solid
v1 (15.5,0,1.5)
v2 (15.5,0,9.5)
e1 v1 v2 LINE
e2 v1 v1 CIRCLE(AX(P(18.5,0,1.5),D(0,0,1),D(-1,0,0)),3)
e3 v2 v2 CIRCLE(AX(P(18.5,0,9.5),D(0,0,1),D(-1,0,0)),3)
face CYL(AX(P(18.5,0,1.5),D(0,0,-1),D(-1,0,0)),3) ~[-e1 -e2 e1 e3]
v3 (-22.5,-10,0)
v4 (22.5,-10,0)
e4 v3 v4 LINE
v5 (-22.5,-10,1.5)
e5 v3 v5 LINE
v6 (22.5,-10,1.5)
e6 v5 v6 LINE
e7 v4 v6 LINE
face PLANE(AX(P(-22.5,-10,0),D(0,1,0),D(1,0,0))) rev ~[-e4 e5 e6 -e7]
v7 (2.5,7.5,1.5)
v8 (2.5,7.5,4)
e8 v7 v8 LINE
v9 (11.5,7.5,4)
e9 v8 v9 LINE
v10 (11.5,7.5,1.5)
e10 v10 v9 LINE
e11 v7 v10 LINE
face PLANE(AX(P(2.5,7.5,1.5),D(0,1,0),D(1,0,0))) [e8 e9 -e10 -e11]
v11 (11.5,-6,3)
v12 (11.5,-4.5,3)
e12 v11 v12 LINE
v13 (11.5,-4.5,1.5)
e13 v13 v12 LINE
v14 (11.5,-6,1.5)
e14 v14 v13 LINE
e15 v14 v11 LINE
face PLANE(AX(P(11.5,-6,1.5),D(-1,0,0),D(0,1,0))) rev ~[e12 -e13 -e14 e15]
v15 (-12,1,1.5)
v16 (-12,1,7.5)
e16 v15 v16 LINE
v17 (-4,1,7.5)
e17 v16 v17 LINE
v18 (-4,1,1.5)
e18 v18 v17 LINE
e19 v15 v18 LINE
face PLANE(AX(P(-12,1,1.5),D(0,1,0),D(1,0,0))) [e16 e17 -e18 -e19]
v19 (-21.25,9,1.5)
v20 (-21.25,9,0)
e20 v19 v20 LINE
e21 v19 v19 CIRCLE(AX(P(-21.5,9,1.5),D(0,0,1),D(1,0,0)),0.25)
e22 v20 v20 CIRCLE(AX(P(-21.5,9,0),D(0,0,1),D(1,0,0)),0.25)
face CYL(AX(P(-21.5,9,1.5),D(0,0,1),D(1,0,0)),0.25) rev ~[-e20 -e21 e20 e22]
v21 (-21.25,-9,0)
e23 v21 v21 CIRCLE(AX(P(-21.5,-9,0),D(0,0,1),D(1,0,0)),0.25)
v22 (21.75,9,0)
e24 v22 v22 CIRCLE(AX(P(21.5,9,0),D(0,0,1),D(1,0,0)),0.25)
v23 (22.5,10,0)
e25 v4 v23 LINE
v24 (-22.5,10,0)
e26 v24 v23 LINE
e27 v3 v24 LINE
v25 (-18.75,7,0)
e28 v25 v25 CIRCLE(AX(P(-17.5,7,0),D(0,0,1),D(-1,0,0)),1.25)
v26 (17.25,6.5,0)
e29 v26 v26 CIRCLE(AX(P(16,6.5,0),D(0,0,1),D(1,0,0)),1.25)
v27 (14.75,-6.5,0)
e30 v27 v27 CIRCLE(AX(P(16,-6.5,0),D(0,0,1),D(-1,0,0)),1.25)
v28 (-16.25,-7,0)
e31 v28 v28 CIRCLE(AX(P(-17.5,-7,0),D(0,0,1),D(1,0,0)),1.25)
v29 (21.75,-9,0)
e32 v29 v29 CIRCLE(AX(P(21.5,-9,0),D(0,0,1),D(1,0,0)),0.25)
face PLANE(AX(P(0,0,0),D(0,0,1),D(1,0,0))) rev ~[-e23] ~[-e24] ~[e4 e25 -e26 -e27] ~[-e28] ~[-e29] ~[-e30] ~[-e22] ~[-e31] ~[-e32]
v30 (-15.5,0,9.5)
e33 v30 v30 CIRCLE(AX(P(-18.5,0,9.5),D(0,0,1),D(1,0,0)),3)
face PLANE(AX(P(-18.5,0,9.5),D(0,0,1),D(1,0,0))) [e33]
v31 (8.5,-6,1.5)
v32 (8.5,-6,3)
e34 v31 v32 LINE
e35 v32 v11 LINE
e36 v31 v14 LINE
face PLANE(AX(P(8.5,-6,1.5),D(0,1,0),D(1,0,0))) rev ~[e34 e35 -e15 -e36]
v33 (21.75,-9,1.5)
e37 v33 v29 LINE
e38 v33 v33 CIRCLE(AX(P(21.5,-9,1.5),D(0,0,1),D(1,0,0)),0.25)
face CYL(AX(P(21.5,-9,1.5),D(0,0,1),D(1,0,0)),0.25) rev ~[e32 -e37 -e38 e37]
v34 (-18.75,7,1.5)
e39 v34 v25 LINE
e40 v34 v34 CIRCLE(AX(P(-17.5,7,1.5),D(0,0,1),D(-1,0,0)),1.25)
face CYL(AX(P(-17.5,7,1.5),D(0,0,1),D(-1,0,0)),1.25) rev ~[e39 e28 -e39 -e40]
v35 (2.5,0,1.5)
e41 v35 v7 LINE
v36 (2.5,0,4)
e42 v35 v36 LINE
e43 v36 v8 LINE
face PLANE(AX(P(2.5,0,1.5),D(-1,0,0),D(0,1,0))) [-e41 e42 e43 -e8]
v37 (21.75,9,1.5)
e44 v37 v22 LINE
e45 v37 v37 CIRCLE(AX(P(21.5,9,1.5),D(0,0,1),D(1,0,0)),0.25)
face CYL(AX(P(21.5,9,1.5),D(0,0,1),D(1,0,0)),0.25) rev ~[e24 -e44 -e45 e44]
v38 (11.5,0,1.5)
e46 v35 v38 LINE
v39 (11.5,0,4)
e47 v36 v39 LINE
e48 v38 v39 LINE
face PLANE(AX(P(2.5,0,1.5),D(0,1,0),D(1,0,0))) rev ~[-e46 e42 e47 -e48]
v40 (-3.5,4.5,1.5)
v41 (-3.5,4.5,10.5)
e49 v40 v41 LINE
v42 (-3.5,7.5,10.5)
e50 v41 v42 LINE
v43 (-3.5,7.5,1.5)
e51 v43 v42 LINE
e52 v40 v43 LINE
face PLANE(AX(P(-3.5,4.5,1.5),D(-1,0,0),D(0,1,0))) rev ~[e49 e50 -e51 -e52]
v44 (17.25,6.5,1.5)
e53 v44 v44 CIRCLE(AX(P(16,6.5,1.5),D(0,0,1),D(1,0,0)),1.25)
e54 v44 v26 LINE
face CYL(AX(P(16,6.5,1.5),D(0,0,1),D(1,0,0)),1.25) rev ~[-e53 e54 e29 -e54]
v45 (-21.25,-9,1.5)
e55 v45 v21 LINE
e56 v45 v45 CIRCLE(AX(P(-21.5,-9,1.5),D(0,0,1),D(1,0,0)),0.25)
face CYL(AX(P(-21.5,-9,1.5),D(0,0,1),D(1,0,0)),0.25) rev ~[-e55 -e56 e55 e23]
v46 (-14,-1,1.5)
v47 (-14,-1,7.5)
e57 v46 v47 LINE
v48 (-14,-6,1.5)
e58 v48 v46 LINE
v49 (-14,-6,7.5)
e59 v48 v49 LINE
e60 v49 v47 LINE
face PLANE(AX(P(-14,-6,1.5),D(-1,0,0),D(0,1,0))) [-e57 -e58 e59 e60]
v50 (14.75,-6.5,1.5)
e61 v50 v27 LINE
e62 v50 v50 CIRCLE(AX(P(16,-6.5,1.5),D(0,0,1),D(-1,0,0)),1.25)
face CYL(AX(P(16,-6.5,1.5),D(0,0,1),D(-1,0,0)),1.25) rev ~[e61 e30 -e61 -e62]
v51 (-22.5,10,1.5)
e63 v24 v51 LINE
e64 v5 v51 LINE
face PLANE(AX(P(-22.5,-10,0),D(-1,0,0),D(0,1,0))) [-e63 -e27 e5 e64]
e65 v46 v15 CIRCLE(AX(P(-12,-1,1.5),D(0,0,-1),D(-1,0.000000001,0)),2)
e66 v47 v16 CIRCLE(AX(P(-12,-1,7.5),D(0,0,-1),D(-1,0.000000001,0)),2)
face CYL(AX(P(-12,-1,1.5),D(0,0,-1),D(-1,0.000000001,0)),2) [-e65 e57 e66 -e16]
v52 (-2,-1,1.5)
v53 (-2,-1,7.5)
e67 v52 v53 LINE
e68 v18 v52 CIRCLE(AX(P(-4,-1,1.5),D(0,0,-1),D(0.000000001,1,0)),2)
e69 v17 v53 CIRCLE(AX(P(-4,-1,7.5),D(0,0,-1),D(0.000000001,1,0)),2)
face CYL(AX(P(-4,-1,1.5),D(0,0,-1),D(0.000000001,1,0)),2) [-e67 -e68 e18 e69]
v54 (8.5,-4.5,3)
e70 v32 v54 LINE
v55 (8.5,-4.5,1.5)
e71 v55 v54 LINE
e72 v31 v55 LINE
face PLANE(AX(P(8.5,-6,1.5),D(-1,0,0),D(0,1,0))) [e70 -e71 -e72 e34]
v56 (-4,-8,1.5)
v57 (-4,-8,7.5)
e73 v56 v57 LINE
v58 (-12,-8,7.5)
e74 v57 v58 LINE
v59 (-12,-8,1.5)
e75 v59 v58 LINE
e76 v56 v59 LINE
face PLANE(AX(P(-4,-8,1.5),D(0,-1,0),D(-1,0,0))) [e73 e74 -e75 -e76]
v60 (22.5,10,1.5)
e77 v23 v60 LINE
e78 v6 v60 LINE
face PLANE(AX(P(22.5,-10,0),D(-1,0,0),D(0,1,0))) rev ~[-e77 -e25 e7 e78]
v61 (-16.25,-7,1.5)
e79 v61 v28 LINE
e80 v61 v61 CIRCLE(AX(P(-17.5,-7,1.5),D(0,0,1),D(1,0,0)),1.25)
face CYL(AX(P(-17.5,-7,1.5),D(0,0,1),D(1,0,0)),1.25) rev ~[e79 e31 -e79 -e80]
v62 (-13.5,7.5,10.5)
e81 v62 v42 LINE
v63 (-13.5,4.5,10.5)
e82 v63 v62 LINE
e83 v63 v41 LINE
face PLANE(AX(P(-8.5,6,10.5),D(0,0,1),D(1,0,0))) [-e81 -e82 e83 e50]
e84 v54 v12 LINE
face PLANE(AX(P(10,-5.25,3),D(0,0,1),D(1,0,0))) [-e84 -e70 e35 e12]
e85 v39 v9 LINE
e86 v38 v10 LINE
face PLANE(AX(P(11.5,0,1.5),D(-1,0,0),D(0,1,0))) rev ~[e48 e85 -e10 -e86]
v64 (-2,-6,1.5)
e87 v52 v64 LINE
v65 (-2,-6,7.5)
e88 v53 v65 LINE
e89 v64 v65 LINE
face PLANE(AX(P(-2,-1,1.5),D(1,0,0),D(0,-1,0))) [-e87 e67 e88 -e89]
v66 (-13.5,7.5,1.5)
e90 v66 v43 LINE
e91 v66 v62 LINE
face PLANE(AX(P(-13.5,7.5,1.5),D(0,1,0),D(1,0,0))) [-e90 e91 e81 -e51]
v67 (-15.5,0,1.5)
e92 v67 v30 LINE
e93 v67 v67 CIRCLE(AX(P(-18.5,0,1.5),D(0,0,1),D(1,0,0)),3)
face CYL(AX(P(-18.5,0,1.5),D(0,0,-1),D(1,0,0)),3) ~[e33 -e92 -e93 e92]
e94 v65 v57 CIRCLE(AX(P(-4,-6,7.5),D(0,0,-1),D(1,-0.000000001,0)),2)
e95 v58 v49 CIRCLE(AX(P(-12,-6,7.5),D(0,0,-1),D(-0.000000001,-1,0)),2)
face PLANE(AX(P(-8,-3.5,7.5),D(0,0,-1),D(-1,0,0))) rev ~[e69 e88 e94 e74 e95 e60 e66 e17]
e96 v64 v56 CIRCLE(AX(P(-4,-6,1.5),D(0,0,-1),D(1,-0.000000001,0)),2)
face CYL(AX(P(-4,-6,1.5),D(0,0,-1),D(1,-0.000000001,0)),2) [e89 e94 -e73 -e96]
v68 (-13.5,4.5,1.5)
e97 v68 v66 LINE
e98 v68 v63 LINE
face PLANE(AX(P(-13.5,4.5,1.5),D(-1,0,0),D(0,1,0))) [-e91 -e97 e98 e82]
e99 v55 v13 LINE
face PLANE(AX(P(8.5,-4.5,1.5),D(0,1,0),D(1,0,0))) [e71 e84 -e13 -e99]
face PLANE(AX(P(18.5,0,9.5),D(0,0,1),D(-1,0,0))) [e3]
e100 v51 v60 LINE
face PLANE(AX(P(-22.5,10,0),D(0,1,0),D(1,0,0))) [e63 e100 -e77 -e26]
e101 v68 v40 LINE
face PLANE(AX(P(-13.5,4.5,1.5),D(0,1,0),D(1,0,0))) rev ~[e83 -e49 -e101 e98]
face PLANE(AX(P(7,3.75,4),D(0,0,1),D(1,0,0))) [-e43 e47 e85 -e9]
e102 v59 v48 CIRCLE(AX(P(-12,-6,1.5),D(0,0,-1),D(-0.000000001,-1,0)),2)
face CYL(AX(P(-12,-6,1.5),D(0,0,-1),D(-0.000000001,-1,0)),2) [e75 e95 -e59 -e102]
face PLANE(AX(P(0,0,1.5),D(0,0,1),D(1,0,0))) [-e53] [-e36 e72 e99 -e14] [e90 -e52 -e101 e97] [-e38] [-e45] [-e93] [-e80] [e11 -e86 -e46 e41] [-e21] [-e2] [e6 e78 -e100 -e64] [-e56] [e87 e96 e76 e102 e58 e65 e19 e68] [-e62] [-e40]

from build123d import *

# Parameters (mm, degrees)
SKETCH1_W           = 45
SKETCH1_H           = 20
BOSS_EXTRUDE1_DEPTH = 1.5
SKETCH2_R           = 3
BOSS_EXTRUDE3_DEPTH = 8
SKETCH3_W           = 10
SKETCH3_H           = 3
BOSS_EXTRUDE4_DEPTH = 9
BOSS_EXTRUDE5_DEPTH = 6
SKETCH6_W           = 9
SKETCH6_H           = 7.5
BOSS_EXTRUDE6_DEPTH = 2.5
SKETCH7_W           = 3
SKETCH7_H           = 1.5
BOSS_EXTRUDE7_DEPTH = 1.5
SKETCH9_R           = 1.25
CUT_EXTRUDE1_DEPTH  = 27.215453458
SKETCH10_R          = 1.25
CUT_EXTRUDE2_DEPTH  = 27.215453458
SKETCH12_R          = 0.25
CUT_EXTRUDE3_DEPTH  = 1.5


with BuildPart() as part:
    # Sketch1 → Boss-Extrude1 (new body)
    with BuildSketch(Plane.XY):
        Rectangle(SKETCH1_W, SKETCH1_H)
    extrude(amount=BOSS_EXTRUDE1_DEPTH)

    # Sketch2 → Boss-Extrude3 (add)
    with BuildSketch(Plane.XY.offset(1.5)):
        with Locations((-18.5, 0)):
            Circle(SKETCH2_R)
        with Locations(Location((18.5, 0, 0), (0, 0, 180))):
            Circle(SKETCH2_R)
    extrude(amount=BOSS_EXTRUDE3_DEPTH)

    # Sketch3 → Boss-Extrude4 (add)
    with BuildSketch(Plane.XY.offset(1.5)):
        with Locations((-8.5, 6)):
            Rectangle(SKETCH3_W, SKETCH3_H)
    extrude(amount=BOSS_EXTRUDE4_DEPTH)

    # Sketch5 → Boss-Extrude5 (add)
    with BuildSketch(Plane.XY.offset(1.5)):
        with BuildLine():
            Line((-12, 1), (-4, 1))
            ThreePointArc((-4, 1), (-2.585786438, 0.414213562), (-2, -1))
            Line((-2, -1), (-2, -6))
            ThreePointArc((-2, -6), (-2.585786438, -7.414213562), (-4, -8))
            Line((-4, -8), (-12, -8))
            ThreePointArc((-12, -8), (-13.414213562, -7.414213562), (-14, -6))
            Line((-14, -6), (-14, -1))
            ThreePointArc((-14, -1), (-13.414213562, 0.414213562), (-12, 1))
        make_face()
    extrude(amount=BOSS_EXTRUDE5_DEPTH)

    # Sketch6 → Boss-Extrude6 (add)
    with BuildSketch(Plane.XY.offset(1.5)):
        with Locations((7, 3.75)):
            Rectangle(SKETCH6_W, SKETCH6_H)
    extrude(amount=BOSS_EXTRUDE6_DEPTH)

    # Sketch7 → Boss-Extrude7 (add)
    with BuildSketch(Plane.XY.offset(1.5)):
        with Locations((10, -5.25)):
            Rectangle(SKETCH7_W, SKETCH7_H)
    extrude(amount=BOSS_EXTRUDE7_DEPTH)

    # Sketch9 → Cut-Extrude1 (cut, through all)
    with BuildSketch(Plane.XY.offset(1.5)):
        with Locations((-17.5, -7)):
            Circle(SKETCH9_R)
        with Locations(Location((-17.5, 7, 0), (0, 0, 180))):
            Circle(SKETCH9_R)
    extrude(amount=-CUT_EXTRUDE1_DEPTH, mode=Mode.SUBTRACT)

    # Sketch10 → Cut-Extrude2 (cut, through all)
    with BuildSketch(Plane.XY.offset(1.5)):
        with Locations((16, 6.5)):
            Circle(SKETCH10_R)
        with Locations(Location((16, -6.5, 0), (0, 0, 180))):
            Circle(SKETCH10_R)
    extrude(amount=-CUT_EXTRUDE2_DEPTH, mode=Mode.SUBTRACT)

    # Sketch12 → Cut-Extrude3 (cut)
    with BuildSketch(Plane.XY.offset(1.5)):
        with Locations((-21.5, 9)):
            Circle(SKETCH12_R)
        with Locations((21.5, 9)):
            Circle(SKETCH12_R)
        with Locations((21.5, -9)):
            Circle(SKETCH12_R)
        with Locations((-21.5, -9)):
            Circle(SKETCH12_R)
    extrude(amount=-CUT_EXTRUDE3_DEPTH, mode=Mode.SUBTRACT)


solid = part.part
